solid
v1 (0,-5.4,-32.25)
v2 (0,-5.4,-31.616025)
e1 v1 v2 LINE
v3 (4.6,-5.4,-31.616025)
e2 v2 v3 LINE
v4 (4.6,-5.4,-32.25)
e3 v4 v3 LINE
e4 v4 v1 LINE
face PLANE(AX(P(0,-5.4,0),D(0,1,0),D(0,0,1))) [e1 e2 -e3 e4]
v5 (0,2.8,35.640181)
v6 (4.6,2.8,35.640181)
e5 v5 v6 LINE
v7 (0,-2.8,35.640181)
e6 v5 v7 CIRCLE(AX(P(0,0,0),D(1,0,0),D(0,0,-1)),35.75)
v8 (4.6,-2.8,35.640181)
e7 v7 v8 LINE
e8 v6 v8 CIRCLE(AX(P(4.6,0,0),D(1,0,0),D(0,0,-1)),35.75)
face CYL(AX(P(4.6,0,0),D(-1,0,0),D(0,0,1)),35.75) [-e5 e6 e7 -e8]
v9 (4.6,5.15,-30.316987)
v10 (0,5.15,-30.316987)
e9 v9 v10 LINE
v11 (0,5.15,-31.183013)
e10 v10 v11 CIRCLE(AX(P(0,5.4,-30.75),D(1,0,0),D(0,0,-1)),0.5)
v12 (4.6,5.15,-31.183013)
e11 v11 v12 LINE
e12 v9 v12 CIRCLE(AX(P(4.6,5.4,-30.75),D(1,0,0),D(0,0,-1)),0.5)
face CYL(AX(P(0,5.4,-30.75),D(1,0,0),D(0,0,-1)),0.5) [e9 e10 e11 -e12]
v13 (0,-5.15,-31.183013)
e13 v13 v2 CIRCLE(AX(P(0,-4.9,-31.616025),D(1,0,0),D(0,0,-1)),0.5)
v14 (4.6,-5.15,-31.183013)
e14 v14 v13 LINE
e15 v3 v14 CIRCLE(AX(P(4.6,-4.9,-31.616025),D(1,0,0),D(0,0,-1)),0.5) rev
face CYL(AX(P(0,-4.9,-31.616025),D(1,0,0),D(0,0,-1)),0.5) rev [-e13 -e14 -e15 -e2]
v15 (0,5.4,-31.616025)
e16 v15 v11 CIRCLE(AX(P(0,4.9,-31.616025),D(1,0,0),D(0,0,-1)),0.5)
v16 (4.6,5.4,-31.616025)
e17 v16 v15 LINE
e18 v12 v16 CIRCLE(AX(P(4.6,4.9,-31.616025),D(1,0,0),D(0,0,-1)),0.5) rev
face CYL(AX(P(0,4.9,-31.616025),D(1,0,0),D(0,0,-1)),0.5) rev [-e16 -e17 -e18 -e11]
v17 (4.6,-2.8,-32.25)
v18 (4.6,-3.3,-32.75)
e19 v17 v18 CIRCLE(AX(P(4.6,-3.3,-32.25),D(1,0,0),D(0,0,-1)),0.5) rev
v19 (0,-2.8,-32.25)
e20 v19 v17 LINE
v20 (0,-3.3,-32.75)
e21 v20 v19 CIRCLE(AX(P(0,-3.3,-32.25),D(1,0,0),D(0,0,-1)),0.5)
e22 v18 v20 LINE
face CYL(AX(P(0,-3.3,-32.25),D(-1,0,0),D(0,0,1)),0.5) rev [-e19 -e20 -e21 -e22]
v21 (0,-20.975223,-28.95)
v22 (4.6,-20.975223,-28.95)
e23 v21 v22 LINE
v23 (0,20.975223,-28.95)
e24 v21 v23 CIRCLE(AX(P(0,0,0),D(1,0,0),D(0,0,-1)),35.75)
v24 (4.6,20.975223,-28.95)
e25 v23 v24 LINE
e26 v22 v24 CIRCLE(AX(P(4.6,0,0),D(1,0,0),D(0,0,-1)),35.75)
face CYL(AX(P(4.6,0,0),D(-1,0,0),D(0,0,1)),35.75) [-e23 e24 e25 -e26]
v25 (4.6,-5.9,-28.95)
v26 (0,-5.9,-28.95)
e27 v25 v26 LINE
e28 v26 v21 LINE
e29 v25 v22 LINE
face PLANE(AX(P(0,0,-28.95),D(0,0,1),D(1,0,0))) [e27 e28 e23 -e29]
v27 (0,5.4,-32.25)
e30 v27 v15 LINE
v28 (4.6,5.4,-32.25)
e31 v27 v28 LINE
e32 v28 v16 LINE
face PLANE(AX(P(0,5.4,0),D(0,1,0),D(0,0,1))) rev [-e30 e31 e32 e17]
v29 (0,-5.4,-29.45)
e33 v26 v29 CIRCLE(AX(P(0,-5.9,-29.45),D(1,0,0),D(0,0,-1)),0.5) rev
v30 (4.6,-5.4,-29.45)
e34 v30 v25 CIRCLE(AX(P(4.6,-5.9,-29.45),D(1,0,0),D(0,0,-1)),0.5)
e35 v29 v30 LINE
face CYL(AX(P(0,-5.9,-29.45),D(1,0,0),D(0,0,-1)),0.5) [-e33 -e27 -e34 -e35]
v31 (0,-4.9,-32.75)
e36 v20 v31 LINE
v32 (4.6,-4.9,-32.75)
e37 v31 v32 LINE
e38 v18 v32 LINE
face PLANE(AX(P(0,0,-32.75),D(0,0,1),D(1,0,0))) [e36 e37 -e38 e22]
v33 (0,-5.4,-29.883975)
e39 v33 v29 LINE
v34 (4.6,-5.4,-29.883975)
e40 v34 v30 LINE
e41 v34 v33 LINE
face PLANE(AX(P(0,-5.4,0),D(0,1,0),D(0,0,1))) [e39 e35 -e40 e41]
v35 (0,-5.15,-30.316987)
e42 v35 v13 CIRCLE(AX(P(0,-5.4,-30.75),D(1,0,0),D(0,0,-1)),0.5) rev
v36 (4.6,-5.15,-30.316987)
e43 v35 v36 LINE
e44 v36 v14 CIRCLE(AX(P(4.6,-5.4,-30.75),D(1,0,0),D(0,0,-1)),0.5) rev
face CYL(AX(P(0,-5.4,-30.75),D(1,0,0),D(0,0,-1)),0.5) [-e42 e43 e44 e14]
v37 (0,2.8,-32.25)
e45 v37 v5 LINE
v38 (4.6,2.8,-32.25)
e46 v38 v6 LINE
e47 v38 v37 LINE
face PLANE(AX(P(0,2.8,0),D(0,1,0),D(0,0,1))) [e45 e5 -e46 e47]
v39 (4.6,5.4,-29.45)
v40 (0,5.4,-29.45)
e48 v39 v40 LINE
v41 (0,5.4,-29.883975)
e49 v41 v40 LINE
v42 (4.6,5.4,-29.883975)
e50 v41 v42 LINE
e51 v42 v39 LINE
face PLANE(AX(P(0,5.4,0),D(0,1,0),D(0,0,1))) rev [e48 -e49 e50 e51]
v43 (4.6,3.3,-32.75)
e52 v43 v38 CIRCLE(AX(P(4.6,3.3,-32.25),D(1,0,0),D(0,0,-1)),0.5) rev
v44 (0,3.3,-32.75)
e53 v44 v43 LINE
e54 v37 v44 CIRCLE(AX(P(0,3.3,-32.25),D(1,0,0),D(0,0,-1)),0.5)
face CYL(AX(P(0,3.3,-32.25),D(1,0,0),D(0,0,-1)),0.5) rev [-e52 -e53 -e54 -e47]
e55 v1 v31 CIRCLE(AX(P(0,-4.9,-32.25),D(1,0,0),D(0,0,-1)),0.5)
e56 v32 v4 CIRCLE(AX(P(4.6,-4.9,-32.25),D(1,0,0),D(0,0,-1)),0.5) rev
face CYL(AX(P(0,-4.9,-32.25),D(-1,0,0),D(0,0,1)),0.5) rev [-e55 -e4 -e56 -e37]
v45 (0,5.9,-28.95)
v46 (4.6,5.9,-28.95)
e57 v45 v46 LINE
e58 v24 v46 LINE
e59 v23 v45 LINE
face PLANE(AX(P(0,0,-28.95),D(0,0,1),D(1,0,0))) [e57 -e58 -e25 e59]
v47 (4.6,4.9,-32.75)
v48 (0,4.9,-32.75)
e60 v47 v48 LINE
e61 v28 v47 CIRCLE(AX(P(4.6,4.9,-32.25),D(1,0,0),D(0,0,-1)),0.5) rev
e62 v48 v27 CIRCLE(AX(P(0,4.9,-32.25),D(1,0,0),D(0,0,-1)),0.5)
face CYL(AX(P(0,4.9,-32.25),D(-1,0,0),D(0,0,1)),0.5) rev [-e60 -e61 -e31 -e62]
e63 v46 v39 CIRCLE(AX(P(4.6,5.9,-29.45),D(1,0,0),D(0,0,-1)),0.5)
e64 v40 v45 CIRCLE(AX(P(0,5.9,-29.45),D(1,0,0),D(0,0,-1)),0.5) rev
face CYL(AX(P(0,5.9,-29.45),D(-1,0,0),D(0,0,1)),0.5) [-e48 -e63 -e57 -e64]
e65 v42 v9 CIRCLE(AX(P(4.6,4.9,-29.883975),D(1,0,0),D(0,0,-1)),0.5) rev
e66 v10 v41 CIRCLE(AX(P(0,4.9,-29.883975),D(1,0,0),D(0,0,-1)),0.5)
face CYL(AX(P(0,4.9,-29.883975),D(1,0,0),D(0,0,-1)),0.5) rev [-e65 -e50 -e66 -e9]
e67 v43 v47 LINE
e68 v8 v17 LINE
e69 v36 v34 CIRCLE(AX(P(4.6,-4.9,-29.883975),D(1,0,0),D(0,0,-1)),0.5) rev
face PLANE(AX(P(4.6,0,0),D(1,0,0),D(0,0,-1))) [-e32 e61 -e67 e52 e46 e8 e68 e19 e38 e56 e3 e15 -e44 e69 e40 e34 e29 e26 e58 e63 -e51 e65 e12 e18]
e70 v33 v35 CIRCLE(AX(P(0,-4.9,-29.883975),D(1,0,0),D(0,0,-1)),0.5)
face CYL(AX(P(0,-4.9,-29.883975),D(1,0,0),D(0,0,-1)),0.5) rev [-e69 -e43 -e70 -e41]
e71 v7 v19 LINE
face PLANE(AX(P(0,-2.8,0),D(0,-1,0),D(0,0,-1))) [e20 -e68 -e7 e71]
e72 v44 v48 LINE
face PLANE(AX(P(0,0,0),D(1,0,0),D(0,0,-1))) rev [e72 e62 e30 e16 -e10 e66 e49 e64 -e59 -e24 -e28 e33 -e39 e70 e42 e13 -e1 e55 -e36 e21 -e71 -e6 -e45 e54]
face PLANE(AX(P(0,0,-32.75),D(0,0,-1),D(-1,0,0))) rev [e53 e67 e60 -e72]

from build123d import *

# Parameters (mm, degrees)
SKETCH1_R           = 35.75
BOSS_EXTRUDE1_DEPTH = 4.6
CUT_EXTRUDE1_DEPTH  = 51.766967607
FILLET1_R           = 0.5
FILLET2_R           = 0.5


with BuildPart() as part:
    # Sketch1 → Boss-Extrude1 (new body)
    with BuildSketch(Plane(origin=(0, 0, 0), x_dir=(0, 0, -1), z_dir=(1, 0, 0))):
        Circle(SKETCH1_R)
    extrude(amount=BOSS_EXTRUDE1_DEPTH)

    # Sketch2 → Cut-Extrude1 (cut, through all)
    with BuildSketch(Plane(origin=(4.6, 0, 0), x_dir=(0, 0, -1), z_dir=(1, 0, 0))):
        with BuildLine():
            Line((28.95, 5.4), (28.95, 20.975223479))
            ThreePointArc((28.95, 20.975223479), (-9.683714035, 34.41348838), (-35.640180976, 2.8))
            Line((-35.640180976, 2.8), (28.95, 2.8))
            Line((28.95, 2.8), (28.95, 5.4))
        make_face()
        with BuildLine():
            ThreePointArc((-35.640180976, -2.8), (-9.683714035, -34.41348838), (28.95, -20.975223479))
            Line((28.95, -20.975223479), (28.95, -5.4))
            Line((28.95, -5.4), (28.95, -2.8))
            Line((28.95, -2.8), (-35.640180976, -2.8))
        make_face()
        with BuildLine():
            Line((28.95, 2.8), (32.75, 2.8))
            Line((32.75, 2.8), (32.75, 5.4))
            Line((32.75, 5.4), (31.25, 5.4))
            ThreePointArc((31.25, 5.4), (30.75, 4.9), (30.25, 5.4))
            Line((30.25, 5.4), (28.95, 5.4))
            Line((28.95, 5.4), (28.95, 2.8))
        make_face()
        with BuildLine():
            Line((32.75, -5.4), (32.75, -2.8))
            Line((32.75, -2.8), (28.95, -2.8))
            Line((28.95, -2.8), (28.95, -5.4))
            Line((28.95, -5.4), (30.25, -5.4))
            ThreePointArc((30.25, -5.4), (30.75, -4.9), (31.25, -5.4))
            Line((31.25, -5.4), (32.75, -5.4))
        make_face()
    extrude(amount=-CUT_EXTRUDE1_DEPTH, mode=Mode.SUBTRACT)

    # Fillet1
    fillet1_edges = [part.edges().sort_by_distance(p)[0] for p in [
        (2.3, 5.4, -28.95),
        (2.3, 5.4, -32.75),
        (2.3, 2.8, -32.75),
        (2.3, -5.4, -28.95),
        (2.3, -2.8, -32.75),
        (2.3, -5.4, -32.75),
    ]]
    fillet(fillet1_edges, radius=FILLET1_R)

    # Fillet2
    fillet2_edges = [part.edges().sort_by_distance(p)[0] for p in [
        (2.3, 5.4, -30.25),
        (2.3, 5.4, -31.25),
        (2.3, -5.4, -31.25),
        (2.3, -5.4, -30.25),
    ]]
    fillet(fillet2_edges, radius=FILLET2_R)


solid = part.part
